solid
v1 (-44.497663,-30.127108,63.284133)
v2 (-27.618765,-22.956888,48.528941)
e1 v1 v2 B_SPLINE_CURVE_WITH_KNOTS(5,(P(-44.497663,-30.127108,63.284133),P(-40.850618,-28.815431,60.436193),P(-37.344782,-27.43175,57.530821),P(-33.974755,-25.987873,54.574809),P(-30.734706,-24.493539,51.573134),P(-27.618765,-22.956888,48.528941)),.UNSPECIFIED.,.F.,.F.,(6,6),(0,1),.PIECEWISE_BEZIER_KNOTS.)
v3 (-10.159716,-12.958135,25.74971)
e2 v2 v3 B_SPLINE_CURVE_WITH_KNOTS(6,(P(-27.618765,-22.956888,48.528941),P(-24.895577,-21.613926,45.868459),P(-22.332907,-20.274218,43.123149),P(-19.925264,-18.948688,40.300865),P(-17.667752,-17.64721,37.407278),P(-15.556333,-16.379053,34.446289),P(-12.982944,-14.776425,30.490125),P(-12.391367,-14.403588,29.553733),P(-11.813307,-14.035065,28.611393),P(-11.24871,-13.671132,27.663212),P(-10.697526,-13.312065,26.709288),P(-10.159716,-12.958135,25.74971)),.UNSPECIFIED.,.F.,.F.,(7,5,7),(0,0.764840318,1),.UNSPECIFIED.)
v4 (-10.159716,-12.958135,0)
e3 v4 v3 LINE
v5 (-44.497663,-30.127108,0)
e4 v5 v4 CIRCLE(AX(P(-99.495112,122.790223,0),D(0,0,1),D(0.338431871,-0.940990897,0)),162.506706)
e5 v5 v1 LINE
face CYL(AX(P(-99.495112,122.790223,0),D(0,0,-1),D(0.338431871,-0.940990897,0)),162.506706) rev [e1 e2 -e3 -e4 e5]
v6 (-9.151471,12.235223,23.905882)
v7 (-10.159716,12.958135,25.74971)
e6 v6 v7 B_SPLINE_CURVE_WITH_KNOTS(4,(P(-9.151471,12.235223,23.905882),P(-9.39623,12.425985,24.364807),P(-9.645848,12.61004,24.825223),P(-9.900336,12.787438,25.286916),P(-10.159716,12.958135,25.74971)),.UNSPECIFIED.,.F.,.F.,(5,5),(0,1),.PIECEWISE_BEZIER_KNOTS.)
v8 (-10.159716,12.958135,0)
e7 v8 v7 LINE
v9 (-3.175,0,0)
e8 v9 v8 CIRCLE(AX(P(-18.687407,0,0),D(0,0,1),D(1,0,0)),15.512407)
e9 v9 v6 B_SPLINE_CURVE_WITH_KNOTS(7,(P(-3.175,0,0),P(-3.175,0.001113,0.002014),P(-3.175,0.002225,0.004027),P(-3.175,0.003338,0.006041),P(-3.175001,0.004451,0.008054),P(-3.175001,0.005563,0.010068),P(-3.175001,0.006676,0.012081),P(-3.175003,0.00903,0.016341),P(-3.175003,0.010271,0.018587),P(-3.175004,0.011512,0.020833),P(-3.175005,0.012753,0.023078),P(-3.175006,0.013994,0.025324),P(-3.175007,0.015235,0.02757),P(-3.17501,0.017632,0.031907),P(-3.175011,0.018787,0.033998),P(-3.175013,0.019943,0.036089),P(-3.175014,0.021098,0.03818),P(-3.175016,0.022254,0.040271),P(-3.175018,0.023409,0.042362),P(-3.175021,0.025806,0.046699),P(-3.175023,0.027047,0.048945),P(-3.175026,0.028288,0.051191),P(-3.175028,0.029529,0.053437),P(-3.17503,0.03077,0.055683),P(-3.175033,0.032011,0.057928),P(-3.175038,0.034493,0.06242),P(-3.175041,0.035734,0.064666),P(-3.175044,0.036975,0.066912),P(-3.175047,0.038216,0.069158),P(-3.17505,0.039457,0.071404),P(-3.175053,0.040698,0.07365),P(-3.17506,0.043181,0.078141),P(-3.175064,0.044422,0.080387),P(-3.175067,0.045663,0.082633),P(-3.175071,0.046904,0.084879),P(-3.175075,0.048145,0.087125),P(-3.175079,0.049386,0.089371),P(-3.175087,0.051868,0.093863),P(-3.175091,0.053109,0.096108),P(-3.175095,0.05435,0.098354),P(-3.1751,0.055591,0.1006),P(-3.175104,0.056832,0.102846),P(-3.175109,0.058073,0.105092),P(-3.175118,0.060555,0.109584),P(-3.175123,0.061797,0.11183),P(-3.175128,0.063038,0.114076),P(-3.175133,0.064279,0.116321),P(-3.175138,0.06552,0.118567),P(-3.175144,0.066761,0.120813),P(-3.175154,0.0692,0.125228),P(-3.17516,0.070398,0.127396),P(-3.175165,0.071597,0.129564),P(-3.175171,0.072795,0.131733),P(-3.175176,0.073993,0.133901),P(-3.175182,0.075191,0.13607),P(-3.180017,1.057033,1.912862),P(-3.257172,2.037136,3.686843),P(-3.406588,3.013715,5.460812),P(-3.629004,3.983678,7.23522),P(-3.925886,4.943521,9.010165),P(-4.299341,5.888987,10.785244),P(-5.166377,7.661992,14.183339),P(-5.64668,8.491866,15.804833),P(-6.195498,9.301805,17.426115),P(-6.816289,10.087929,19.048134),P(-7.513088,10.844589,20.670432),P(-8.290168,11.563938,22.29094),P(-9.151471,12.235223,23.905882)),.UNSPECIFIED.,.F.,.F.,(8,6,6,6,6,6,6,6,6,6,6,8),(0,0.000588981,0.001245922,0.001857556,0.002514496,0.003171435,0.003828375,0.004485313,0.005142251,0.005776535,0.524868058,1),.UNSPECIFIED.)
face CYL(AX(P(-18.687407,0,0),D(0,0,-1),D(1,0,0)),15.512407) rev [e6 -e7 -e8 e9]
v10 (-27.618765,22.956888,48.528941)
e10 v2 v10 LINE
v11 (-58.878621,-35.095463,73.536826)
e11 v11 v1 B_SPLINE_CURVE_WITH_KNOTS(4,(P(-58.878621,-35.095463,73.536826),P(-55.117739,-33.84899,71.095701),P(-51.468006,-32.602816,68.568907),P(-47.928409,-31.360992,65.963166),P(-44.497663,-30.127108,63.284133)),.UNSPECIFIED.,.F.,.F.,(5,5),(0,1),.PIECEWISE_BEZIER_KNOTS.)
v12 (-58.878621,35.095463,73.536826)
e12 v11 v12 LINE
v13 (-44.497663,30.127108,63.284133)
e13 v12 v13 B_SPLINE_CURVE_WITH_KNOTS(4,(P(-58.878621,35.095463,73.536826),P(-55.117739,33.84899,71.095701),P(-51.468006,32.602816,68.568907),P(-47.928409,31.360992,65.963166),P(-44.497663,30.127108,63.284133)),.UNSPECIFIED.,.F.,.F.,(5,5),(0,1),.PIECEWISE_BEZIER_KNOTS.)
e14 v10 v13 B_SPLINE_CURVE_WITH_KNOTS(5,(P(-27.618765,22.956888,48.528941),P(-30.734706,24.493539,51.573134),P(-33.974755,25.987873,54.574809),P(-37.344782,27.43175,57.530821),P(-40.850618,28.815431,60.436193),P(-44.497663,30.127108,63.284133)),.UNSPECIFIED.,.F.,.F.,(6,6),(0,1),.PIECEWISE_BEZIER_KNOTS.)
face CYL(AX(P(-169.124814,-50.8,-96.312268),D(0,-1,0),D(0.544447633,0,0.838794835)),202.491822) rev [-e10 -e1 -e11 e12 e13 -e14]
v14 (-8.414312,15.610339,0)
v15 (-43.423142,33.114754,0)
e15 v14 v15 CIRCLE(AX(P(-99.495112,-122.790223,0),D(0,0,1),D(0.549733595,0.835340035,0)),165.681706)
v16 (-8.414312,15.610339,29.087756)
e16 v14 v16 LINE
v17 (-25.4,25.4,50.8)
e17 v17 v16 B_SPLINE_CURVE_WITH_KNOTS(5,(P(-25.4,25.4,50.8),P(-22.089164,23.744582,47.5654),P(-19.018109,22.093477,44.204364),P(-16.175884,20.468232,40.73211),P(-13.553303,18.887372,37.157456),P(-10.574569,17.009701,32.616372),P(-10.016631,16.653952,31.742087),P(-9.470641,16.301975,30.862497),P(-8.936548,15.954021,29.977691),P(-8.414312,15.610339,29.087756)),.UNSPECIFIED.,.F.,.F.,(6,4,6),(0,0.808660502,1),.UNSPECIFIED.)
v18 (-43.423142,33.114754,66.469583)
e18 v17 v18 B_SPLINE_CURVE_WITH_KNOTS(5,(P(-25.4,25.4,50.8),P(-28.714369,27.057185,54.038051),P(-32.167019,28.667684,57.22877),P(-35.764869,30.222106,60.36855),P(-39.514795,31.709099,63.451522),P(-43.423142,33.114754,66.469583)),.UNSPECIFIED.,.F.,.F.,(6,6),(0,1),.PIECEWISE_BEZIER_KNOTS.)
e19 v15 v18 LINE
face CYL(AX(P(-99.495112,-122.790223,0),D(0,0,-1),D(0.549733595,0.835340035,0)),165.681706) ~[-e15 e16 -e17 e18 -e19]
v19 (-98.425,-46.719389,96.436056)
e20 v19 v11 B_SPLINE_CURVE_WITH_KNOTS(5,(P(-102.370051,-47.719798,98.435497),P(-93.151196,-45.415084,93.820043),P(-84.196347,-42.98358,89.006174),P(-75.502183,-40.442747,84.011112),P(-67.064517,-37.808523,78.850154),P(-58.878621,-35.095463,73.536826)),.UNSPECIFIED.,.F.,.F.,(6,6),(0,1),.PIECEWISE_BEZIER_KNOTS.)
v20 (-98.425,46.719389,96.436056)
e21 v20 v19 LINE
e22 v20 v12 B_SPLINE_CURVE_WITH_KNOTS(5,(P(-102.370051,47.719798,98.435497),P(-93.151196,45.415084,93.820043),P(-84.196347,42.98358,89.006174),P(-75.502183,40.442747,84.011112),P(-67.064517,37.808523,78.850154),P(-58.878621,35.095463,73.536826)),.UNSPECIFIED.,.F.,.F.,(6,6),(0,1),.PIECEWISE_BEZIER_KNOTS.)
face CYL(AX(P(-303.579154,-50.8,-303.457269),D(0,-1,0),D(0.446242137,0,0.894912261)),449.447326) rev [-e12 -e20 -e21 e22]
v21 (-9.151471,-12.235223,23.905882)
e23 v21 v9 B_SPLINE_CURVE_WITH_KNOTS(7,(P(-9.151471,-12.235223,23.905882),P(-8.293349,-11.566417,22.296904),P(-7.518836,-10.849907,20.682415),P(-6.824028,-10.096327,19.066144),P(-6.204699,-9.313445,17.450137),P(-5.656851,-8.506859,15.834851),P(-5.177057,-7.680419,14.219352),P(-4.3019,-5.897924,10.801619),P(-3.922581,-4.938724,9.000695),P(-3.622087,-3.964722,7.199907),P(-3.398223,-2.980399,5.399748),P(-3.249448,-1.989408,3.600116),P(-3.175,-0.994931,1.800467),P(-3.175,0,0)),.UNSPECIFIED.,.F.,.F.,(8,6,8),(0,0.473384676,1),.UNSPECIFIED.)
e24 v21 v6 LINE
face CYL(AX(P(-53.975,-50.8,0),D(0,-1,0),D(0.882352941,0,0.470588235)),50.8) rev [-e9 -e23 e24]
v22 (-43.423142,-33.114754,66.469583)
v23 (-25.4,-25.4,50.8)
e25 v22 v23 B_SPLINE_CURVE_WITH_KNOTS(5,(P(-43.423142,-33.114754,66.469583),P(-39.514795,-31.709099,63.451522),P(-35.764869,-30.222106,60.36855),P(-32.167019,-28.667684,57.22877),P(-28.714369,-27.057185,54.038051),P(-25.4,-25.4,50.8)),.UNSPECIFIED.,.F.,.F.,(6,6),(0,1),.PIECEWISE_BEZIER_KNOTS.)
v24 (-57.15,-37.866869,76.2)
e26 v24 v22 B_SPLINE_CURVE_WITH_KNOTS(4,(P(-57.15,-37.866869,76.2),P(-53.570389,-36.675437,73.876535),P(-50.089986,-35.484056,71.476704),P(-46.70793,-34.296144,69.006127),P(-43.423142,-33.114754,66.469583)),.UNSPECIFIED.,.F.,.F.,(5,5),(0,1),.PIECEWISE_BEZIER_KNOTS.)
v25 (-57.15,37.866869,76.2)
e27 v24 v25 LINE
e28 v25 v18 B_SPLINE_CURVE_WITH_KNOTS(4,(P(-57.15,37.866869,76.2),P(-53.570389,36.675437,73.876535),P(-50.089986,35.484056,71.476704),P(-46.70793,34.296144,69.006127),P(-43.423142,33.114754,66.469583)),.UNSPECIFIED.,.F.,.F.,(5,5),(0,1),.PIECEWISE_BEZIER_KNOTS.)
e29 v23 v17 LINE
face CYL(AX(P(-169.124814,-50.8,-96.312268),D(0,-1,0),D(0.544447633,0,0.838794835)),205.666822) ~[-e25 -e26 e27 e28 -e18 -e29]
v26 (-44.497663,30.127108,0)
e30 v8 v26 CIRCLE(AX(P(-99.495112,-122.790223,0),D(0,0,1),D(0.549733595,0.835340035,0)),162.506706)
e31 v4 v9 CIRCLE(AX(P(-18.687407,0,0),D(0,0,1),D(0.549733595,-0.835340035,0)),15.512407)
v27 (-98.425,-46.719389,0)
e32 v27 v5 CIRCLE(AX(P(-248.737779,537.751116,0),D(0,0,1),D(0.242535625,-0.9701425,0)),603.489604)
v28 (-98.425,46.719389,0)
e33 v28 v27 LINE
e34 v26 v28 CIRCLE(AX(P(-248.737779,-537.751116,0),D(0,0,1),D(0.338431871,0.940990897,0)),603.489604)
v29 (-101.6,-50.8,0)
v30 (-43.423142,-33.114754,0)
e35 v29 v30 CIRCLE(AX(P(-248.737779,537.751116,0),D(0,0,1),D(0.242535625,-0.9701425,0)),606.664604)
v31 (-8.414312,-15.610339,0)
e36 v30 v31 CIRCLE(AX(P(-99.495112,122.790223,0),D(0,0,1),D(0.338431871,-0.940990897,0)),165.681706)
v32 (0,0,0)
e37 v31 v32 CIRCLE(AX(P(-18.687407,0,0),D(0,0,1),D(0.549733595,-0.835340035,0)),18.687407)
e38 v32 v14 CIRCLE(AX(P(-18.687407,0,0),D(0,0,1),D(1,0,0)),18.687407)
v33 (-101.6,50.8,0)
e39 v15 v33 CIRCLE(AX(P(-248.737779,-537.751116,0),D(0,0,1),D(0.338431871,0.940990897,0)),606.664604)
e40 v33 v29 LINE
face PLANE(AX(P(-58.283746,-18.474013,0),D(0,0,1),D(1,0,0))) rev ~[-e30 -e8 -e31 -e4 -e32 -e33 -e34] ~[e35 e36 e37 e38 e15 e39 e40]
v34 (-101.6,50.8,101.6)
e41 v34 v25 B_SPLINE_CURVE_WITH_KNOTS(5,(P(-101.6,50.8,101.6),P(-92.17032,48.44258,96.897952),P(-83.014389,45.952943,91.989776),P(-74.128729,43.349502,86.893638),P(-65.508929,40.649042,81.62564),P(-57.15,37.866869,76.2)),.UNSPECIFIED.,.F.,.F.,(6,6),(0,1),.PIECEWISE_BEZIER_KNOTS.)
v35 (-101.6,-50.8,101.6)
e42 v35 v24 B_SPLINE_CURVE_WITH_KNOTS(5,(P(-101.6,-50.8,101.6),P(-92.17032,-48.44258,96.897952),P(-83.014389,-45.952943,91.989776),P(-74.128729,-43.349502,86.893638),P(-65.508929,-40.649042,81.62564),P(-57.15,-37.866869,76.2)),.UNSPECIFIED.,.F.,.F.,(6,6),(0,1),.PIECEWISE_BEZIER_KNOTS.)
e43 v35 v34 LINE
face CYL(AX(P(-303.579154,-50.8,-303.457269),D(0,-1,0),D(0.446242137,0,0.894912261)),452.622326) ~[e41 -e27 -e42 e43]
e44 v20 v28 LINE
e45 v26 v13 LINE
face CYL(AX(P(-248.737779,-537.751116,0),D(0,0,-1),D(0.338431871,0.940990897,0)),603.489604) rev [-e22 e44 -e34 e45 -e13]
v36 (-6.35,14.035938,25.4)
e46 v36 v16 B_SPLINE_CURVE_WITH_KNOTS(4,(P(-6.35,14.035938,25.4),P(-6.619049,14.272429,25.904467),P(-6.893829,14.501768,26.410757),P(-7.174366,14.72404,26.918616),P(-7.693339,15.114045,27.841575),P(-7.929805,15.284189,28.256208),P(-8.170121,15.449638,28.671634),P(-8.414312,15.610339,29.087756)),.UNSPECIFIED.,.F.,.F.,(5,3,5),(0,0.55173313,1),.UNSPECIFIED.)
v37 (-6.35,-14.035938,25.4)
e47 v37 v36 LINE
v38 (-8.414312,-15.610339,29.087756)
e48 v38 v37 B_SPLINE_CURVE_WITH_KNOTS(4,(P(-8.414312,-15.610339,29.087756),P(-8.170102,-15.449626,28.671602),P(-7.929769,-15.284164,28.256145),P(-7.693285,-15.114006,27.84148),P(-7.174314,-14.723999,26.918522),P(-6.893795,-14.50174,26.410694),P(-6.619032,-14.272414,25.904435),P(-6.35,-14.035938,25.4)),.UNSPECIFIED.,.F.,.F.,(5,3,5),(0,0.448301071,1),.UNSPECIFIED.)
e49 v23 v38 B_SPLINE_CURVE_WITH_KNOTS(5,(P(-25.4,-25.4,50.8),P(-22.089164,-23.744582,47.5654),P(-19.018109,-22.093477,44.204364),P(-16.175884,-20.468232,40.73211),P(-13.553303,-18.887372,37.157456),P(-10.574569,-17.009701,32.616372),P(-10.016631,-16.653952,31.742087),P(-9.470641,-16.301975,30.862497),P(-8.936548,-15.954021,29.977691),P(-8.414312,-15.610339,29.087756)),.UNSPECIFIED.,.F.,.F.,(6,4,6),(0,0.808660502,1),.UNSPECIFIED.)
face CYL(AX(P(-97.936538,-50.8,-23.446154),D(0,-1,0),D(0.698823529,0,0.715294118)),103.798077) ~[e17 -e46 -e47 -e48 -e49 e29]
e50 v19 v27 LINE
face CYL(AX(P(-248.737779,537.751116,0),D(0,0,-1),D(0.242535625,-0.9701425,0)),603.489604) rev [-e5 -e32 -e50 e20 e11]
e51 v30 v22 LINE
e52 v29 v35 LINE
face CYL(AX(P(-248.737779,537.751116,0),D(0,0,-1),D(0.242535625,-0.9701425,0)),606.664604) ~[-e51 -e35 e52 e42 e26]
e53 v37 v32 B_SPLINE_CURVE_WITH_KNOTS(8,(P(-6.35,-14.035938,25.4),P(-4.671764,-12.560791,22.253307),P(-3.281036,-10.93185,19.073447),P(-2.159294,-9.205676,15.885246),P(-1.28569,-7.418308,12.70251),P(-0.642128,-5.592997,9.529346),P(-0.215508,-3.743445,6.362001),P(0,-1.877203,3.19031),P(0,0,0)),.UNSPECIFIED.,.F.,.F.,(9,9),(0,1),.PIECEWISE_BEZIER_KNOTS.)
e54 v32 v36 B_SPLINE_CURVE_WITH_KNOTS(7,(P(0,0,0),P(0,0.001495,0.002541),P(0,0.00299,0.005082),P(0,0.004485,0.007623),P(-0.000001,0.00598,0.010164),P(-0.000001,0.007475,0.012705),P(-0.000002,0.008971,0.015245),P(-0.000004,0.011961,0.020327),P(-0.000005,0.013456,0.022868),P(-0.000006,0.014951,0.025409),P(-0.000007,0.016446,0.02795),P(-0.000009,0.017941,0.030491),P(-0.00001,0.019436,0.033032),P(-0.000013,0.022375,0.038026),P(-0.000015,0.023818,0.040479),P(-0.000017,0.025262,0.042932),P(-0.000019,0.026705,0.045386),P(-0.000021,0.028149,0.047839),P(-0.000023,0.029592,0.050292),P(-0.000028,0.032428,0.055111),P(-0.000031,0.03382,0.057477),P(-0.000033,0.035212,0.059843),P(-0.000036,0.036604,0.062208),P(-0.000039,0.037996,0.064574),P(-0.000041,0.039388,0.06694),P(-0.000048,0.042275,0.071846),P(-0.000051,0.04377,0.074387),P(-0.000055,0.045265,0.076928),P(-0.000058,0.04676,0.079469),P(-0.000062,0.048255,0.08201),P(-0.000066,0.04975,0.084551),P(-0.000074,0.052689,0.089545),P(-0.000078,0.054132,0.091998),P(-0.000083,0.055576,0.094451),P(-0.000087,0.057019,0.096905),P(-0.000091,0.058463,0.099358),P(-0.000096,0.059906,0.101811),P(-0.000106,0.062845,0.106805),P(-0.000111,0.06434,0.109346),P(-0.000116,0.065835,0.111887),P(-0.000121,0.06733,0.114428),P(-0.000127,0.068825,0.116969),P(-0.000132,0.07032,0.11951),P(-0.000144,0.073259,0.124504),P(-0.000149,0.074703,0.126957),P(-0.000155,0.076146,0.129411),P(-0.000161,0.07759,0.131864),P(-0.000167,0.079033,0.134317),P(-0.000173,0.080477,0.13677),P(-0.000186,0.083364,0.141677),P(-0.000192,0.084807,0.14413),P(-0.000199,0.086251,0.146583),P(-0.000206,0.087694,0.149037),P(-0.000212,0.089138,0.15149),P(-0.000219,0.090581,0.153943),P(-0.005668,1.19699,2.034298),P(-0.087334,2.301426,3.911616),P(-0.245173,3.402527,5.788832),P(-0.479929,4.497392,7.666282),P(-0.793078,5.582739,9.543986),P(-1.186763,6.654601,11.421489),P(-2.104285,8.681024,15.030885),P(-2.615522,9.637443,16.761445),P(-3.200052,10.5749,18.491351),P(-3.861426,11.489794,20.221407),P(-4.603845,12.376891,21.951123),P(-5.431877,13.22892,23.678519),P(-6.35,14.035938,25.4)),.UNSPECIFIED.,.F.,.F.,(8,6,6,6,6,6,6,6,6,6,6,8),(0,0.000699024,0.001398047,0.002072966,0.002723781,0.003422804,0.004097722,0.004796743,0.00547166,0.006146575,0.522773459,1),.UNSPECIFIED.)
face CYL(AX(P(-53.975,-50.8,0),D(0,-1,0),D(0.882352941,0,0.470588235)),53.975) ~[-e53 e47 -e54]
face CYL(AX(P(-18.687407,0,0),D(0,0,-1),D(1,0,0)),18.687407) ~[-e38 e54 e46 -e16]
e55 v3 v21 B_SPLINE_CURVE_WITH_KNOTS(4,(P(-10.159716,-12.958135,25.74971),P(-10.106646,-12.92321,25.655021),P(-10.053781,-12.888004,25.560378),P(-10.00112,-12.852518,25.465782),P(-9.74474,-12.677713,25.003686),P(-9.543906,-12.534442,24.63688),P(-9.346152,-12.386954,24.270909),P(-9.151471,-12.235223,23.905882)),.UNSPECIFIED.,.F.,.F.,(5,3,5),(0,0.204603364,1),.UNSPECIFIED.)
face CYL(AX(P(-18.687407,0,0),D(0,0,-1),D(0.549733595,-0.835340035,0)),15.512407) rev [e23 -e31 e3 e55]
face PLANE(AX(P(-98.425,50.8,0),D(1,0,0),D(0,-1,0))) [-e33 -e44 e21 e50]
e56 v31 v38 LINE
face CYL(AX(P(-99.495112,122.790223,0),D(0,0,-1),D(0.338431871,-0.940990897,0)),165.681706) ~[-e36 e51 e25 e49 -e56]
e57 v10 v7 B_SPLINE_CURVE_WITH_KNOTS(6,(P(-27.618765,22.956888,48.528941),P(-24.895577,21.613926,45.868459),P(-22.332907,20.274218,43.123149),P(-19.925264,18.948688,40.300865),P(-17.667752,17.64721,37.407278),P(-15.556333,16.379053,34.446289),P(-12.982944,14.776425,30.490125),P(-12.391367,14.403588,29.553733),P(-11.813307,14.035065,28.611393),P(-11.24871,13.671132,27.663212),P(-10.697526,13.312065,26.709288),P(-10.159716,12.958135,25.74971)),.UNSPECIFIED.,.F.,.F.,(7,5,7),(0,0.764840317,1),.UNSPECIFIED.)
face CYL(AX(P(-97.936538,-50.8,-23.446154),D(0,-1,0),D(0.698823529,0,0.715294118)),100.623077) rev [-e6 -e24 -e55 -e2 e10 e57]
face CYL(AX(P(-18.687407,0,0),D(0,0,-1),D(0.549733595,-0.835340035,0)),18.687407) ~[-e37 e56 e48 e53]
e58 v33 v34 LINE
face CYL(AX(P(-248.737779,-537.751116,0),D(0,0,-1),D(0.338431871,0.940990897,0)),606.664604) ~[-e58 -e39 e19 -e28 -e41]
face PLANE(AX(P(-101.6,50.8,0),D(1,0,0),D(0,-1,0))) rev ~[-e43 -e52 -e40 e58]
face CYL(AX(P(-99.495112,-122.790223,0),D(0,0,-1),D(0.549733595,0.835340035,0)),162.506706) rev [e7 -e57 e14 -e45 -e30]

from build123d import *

# Parameters (mm, degrees)
F1_DEPTH = 203.2
F4_DEPTH = 102.6000000987
F5_T     = -3.175


with BuildPart() as f1:
    # F0 (on Top) → F1 (new body)
    with BuildSketch(Plane.XY):
        with BuildLine():
            ThreePointArc((-43.4231416653, -33.1147542783), (-25.3999999994, -25.3999999994), (-8.4143115766, -15.610339234))
            ThreePointArc((-8.4143115766, -15.610339234), (-2.2375332054, -8.8668389281), (0, 0))
            Line((0, 0), (-101.5999999975, 0))
            Line((-101.5999999975, 0), (-101.5999999975, -50.7999999987))
            ThreePointArc((-101.5999999975, -50.7999999987), (-72.2898591354, -42.6867133396), (-43.4231416653, -33.1147542783))
        make_face()
        with BuildLine():
            Line((-101.5999999975, 0), (0, 0))
            ThreePointArc((0, 0), (-2.2375332054, 8.8668389281), (-8.4143115766, 15.610339234))
            ThreePointArc((-8.4143115766, 15.610339234), (-25.3999999994, 25.3999999994), (-43.4231416653, 33.1147542783))
            ThreePointArc((-43.4231416654, 33.1147542783), (-72.2898591354, 42.6867133396), (-101.5999999975, 50.7999999987))
            Line((-101.5999999975, 50.7999999987), (-101.5999999975, 0))
        make_face()
    extrude(amount=F1_DEPTH)

    # F3 (on offset) → F4 (cut, up to face)
    with BuildSketch(Plane.XZ.offset(50.8)):
        with BuildLine():
            Line((0, 203.2), (-101.5999999975, 203.2))
            Line((-101.5999999975, 203.2), (-101.5999999975, 101.6))
            ThreePointArc((-101.5999999975, 101.6), (-79.0155935729, 89.5289612451), (-57.15, 76.2))
            ThreePointArc((-57.15, 76.2), (-40.6457692508, 64.2865384365), (-25.4, 50.8))
            ThreePointArc((-25.4, 50.8), (-14.8980769231, 38.8326923077), (-6.35, 25.4))
            ThreePointArc((-6.35, 25.4), (-1.6115585547, 13.0908603613), (0, 0))
            Line((0, 0), (0, 203.2))
        make_face()
    extrude(amount=-F4_DEPTH, mode=Mode.SUBTRACT)

    # F5
    f5_openings = [f1.faces().sort_by_distance(p)[0] for p in [
        (-60.726739, 0, 0),
    ]]
    offset(amount=F5_T, openings=f5_openings)


solid = f1.part
